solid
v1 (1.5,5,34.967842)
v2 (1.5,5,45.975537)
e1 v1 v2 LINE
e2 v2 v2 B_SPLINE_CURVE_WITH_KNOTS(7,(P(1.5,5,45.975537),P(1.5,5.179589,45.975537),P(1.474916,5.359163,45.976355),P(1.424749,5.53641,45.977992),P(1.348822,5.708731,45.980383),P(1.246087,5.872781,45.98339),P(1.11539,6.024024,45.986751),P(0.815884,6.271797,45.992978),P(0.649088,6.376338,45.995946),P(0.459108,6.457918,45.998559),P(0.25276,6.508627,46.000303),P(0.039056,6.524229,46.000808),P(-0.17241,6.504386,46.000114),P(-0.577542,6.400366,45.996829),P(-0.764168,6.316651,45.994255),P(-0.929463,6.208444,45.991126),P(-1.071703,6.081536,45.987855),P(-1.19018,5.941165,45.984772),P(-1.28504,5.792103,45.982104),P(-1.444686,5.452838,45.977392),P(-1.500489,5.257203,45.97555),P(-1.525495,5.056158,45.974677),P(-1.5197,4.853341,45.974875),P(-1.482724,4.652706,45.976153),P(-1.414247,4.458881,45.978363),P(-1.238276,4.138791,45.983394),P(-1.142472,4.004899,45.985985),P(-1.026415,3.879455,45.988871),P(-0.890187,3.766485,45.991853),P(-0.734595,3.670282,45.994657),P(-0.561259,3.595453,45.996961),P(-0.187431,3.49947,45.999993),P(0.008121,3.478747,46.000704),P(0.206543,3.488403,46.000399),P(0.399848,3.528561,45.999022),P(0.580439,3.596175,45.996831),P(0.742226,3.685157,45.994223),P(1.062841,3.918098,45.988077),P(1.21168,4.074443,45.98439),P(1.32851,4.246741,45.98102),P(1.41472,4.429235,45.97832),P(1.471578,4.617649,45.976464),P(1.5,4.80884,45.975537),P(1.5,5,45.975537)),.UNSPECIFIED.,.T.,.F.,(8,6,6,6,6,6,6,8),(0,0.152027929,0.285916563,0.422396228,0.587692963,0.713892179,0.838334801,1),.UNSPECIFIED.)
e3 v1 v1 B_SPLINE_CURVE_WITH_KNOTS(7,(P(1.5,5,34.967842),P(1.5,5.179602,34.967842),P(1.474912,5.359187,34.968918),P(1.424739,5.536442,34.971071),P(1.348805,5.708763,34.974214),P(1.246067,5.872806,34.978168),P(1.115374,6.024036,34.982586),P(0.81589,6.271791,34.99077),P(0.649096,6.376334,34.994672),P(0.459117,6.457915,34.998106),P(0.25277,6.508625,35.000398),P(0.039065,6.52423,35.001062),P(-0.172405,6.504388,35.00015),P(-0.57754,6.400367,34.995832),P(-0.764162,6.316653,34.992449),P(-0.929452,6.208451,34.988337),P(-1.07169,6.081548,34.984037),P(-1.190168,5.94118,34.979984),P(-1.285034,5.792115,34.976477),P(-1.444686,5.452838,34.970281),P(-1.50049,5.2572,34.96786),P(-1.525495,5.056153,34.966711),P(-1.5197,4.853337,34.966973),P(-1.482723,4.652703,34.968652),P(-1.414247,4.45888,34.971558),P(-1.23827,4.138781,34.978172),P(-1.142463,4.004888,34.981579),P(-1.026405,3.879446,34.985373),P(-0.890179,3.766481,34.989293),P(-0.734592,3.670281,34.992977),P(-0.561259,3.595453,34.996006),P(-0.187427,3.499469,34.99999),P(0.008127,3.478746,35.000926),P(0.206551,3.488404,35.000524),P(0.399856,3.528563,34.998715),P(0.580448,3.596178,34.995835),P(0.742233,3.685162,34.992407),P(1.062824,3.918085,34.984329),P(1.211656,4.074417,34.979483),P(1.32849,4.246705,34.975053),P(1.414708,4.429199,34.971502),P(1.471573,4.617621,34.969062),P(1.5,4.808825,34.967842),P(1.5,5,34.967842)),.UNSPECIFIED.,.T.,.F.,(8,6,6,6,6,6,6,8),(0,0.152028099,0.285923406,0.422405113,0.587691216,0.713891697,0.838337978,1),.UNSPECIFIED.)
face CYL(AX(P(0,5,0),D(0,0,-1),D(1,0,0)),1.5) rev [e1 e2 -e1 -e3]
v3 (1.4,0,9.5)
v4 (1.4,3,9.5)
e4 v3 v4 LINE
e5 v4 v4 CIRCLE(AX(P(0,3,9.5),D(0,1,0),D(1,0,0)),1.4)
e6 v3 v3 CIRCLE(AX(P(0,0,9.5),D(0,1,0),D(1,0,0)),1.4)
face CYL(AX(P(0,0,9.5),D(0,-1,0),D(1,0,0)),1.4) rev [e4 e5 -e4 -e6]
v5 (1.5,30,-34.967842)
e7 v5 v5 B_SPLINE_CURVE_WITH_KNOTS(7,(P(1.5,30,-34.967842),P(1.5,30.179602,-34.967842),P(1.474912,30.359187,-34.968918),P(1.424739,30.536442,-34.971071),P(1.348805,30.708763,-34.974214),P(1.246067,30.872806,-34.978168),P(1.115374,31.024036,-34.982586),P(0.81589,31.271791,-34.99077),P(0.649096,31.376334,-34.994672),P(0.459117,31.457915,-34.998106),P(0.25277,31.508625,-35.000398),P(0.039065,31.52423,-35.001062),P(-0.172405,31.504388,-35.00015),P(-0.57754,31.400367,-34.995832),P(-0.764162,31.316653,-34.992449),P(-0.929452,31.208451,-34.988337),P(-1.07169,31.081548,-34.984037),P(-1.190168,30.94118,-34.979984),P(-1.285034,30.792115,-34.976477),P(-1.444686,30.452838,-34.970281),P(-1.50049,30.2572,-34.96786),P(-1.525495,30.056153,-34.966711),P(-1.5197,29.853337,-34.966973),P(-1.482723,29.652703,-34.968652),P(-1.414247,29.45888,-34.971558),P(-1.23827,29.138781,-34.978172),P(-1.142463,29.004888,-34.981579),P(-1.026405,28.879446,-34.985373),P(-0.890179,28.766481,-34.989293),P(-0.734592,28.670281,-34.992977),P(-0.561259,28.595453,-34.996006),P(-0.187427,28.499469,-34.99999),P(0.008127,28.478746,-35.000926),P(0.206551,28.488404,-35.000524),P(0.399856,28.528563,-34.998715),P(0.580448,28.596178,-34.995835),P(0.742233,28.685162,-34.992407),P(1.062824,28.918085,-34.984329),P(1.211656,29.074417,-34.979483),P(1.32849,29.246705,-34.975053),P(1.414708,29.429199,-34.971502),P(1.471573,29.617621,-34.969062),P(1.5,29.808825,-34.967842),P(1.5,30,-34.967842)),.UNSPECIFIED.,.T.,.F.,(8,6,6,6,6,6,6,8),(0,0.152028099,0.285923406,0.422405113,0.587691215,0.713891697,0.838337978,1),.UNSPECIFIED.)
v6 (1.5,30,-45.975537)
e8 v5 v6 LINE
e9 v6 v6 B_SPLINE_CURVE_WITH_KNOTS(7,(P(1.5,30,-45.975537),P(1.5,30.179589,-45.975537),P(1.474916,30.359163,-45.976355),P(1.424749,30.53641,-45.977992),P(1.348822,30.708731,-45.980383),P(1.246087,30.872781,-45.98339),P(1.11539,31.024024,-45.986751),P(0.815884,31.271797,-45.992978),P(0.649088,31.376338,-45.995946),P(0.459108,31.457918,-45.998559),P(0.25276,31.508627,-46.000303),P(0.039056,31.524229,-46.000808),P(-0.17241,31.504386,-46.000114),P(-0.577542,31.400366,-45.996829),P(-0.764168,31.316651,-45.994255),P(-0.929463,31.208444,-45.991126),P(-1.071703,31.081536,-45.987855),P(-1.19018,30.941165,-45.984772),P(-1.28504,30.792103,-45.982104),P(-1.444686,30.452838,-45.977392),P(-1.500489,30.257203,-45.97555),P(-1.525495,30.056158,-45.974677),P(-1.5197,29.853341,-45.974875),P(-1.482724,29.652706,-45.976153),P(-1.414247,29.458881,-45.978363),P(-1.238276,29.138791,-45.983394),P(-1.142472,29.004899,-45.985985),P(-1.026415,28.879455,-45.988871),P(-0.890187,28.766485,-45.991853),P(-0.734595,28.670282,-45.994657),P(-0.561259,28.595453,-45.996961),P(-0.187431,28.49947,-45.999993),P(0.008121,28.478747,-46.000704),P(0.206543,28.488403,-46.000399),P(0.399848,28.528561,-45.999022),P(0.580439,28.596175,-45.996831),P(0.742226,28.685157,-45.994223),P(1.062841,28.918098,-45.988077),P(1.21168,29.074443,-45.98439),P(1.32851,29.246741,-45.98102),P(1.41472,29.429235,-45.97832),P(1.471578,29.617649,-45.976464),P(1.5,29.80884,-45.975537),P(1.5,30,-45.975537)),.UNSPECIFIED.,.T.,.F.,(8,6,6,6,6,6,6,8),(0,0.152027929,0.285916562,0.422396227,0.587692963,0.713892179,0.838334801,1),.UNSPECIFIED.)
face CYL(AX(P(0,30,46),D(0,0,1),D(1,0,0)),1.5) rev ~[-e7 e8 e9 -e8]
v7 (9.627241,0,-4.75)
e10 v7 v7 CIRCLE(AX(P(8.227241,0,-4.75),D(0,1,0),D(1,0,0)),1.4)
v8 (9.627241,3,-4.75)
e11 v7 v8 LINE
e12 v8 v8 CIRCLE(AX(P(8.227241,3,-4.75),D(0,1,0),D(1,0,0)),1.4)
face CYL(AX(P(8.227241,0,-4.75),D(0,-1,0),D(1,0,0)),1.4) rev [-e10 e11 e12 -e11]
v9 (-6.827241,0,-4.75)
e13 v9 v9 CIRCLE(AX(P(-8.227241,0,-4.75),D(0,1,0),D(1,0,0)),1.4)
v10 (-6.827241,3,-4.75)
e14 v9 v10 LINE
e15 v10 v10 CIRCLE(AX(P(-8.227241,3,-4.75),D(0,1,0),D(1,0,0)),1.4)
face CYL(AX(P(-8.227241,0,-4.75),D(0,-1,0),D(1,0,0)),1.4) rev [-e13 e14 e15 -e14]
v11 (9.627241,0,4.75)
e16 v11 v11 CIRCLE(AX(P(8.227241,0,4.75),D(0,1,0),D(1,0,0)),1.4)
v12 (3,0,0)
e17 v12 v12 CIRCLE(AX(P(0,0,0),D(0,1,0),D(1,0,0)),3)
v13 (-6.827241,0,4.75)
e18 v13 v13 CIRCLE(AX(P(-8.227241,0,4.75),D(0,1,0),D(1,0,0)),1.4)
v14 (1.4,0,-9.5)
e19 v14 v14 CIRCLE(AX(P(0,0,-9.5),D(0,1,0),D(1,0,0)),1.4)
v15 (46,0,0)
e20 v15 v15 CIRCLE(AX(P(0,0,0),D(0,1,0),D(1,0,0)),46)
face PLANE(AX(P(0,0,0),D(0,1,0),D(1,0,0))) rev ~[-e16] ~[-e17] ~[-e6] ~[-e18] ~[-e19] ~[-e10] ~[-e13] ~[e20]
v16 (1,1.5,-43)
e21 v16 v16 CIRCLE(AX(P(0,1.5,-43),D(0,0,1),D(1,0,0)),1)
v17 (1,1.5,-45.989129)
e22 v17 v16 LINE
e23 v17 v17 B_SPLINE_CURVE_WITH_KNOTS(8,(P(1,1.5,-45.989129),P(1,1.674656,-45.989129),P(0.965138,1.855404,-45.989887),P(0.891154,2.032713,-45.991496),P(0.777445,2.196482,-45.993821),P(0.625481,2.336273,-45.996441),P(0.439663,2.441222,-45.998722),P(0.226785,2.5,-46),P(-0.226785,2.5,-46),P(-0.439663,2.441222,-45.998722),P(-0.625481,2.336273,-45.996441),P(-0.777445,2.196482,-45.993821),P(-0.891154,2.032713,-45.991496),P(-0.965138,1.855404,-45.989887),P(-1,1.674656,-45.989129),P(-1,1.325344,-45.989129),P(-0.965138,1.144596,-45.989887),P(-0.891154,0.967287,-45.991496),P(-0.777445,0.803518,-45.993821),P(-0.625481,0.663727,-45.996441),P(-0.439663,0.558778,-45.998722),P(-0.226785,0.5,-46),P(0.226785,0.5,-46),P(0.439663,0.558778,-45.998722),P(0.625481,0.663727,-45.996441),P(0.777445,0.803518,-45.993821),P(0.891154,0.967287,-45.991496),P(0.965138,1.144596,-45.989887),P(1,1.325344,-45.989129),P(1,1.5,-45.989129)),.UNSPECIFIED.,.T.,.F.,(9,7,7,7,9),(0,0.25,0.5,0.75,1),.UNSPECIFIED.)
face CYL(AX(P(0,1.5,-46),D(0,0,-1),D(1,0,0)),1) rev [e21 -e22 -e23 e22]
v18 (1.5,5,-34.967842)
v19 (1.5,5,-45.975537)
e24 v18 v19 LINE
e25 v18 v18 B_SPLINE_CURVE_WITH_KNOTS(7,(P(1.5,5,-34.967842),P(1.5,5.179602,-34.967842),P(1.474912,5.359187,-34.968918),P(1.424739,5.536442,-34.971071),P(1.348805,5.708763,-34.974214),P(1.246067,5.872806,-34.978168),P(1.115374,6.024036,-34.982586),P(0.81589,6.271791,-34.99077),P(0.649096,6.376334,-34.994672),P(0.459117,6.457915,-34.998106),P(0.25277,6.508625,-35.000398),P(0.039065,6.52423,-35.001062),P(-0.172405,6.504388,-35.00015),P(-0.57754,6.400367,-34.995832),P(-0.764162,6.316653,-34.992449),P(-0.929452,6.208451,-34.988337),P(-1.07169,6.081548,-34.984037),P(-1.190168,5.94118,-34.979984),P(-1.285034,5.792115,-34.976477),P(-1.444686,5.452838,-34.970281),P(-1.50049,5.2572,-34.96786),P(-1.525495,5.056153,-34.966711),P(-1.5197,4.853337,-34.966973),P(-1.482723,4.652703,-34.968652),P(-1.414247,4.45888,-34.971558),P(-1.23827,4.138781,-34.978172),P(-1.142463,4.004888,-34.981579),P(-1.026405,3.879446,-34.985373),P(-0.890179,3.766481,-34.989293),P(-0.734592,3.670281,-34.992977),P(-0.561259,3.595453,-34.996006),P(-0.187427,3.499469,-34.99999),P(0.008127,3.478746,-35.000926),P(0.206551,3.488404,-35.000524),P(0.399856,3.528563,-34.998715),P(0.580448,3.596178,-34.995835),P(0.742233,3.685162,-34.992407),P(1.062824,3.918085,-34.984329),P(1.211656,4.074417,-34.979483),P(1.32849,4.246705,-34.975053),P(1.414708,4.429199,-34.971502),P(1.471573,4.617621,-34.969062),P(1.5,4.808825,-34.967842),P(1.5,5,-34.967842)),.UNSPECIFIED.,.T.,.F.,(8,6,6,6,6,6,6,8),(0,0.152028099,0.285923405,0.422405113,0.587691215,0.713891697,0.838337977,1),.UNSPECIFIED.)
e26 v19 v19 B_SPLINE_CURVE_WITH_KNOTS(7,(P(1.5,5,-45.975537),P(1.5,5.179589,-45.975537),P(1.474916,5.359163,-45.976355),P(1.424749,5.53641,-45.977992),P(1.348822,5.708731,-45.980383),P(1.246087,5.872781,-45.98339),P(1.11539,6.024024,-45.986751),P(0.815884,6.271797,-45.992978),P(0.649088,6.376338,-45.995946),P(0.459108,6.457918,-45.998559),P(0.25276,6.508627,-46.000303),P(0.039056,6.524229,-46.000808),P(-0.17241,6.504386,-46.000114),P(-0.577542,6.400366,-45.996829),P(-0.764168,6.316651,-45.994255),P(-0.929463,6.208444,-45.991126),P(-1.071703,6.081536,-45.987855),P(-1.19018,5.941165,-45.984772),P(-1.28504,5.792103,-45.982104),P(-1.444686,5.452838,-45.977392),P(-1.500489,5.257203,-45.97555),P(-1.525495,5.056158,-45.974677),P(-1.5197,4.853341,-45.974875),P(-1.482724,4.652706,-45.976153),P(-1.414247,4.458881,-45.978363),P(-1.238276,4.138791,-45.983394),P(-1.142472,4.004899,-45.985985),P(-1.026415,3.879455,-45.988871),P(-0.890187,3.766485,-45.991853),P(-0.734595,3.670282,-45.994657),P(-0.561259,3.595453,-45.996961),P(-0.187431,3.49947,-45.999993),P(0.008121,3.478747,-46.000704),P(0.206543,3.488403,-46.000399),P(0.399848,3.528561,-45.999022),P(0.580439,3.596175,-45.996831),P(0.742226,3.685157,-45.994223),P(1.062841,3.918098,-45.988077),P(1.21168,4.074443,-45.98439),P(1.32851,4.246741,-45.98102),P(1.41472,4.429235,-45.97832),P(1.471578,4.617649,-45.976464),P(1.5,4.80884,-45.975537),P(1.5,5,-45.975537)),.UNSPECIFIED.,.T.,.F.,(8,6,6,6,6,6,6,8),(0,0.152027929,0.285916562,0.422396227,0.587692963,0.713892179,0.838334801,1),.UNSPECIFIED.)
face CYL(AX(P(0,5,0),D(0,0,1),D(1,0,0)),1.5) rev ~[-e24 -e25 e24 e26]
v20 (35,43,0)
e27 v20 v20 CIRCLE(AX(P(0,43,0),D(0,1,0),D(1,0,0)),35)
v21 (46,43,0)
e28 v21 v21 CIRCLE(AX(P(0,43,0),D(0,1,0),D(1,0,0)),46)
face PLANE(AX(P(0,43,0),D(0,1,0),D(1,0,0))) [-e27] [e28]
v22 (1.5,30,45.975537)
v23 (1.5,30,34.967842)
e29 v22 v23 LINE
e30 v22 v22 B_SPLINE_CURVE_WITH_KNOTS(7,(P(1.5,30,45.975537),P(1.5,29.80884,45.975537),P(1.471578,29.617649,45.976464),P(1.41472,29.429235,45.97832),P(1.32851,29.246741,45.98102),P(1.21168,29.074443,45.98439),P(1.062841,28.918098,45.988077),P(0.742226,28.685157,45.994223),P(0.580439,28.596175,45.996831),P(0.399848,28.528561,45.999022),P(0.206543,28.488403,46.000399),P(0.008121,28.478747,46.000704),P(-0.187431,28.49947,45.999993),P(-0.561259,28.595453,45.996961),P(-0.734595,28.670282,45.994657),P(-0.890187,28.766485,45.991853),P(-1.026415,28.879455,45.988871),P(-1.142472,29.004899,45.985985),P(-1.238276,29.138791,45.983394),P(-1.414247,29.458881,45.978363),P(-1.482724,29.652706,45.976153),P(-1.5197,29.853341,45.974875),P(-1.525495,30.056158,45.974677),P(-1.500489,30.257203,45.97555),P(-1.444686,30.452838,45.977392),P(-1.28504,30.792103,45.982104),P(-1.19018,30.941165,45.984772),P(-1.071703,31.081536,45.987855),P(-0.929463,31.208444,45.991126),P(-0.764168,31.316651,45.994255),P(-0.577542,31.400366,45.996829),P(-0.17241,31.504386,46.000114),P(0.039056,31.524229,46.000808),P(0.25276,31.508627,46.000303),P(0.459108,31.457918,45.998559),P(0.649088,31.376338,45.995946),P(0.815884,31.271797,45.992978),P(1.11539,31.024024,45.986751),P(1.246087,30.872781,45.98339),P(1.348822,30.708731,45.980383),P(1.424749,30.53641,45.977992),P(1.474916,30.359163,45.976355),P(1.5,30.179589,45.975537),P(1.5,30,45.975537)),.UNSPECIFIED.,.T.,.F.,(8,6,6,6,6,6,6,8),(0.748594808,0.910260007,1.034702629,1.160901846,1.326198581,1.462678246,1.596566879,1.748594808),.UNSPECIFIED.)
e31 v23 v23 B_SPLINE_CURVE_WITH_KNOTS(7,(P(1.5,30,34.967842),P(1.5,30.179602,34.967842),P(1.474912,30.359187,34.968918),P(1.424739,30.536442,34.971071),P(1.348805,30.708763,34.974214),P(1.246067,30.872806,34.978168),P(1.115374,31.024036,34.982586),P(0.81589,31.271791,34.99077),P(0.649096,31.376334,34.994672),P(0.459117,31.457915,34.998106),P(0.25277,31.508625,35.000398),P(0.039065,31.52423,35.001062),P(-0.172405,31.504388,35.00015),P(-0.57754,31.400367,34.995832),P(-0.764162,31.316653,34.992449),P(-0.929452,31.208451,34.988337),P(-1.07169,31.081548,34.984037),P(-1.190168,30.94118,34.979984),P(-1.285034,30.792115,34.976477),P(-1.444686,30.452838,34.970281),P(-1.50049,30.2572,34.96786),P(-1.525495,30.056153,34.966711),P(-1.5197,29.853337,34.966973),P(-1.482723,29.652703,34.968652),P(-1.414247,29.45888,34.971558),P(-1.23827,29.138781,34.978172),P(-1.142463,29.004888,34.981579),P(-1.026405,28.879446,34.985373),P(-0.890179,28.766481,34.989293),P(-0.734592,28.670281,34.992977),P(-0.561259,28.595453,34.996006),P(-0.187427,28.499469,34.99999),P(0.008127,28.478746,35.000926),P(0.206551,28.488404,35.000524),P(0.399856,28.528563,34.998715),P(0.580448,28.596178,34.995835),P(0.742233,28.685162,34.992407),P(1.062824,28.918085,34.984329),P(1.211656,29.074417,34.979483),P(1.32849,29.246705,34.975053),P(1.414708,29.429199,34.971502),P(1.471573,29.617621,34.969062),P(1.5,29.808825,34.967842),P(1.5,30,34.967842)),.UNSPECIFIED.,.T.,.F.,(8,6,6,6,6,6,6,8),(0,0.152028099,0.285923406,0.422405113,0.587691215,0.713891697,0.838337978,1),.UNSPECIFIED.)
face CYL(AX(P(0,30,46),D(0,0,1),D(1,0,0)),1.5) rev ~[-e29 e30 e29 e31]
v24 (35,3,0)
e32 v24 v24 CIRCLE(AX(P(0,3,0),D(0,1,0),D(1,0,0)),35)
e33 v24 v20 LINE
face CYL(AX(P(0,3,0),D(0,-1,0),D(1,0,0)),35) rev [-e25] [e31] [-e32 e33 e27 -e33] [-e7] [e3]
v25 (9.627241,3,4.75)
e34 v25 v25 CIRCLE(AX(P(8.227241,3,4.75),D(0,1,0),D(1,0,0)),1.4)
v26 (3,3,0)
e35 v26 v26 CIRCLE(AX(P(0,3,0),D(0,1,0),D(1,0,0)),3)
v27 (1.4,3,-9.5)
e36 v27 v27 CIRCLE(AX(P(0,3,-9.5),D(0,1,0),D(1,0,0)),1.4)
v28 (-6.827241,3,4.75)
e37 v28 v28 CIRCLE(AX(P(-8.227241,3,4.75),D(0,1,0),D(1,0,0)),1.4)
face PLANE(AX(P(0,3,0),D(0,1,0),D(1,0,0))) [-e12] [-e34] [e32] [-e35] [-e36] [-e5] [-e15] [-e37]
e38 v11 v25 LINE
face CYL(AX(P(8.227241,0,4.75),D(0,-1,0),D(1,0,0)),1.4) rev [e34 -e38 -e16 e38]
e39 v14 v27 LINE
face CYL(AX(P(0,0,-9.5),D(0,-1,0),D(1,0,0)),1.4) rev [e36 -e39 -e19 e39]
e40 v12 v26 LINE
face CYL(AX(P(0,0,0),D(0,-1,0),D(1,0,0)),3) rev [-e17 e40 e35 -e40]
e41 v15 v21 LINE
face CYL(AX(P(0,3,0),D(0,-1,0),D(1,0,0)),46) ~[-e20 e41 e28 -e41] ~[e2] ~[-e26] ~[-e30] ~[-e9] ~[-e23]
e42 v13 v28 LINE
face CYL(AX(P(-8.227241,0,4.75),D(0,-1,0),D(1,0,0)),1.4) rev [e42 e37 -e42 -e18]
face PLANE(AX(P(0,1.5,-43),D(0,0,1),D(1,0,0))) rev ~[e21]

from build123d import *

# Parameters (mm, degrees)
SKETCH1_R               = 46
SKETCH1_R_2             = 3
SKETCH1_R_3             = 1.4
BOSS_EXTRUDE1_DEPTH     = 3
SKETCH6_R               = 1
CUT_EXTRUDE2_DEPTH      = 3
SKETCH7_R               = 46
SKETCH7_R_2             = 35
BOSS_EXTRUDE2_DEPTH     = 40
SKETCH8_R               = 1.5
CUT_EXTRUDE3_DEPTH      = 108
SKETCH9_R               = 1.5
CUT_EXTRUDE4_DEPTH      = 47.00000011
CUT_EXTRUDE4_DEPTH_BACK = 47.00000011


with BuildPart() as part:
    # Sketch1 → Boss-Extrude1 (new body)
    with BuildSketch(Plane(origin=(0, 0, 0), x_dir=(1, 0, 0), z_dir=(0, 1, 0))):
        Circle(SKETCH1_R)
        Circle(SKETCH1_R_2, mode=Mode.SUBTRACT)
        with Locations((0, 9.5)):
            Circle(SKETCH1_R_3, mode=Mode.SUBTRACT)
        with Locations((8.227241336, 4.75)):
            Circle(SKETCH1_R_3, mode=Mode.SUBTRACT)
        with Locations((8.227241336, -4.75)):
            Circle(SKETCH1_R_3, mode=Mode.SUBTRACT)
        with Locations((0, -9.5)):
            Circle(SKETCH1_R_3, mode=Mode.SUBTRACT)
        with Locations((-8.227241336, -4.75)):
            Circle(SKETCH1_R_3, mode=Mode.SUBTRACT)
        with Locations((-8.227241336, 4.75)):
            Circle(SKETCH1_R_3, mode=Mode.SUBTRACT)
    extrude(amount=BOSS_EXTRUDE1_DEPTH)

    # Sketch6 → Cut-Extrude2 (cut)
    with BuildSketch(Plane.XY.offset(-46)):
        with Locations((0, 1.5)):
            Circle(SKETCH6_R)
    extrude(amount=CUT_EXTRUDE2_DEPTH, mode=Mode.SUBTRACT)

    # Sketch7 → Boss-Extrude2 (add)
    with BuildSketch(Plane(origin=(0, 3, 0), x_dir=(1, 0, 0), z_dir=(0, 1, 0))):
        Circle(SKETCH7_R)
        Circle(SKETCH7_R_2, mode=Mode.SUBTRACT)
    extrude(amount=BOSS_EXTRUDE2_DEPTH)

    # Sketch8 → Cut-Extrude3 (cut)
    with BuildSketch(Plane.XY.offset(46)):
        with Locations((0, 30)):
            Circle(SKETCH8_R)
    extrude(amount=-CUT_EXTRUDE3_DEPTH, mode=Mode.SUBTRACT)

    # Sketch9 → Cut-Extrude4 (cut, two sides)
    with BuildSketch(Plane.XY) as cut_extrude4_sk:
        with Locations((0, 5)):
            Circle(SKETCH9_R)
    extrude(amount=CUT_EXTRUDE4_DEPTH, mode=Mode.SUBTRACT)
    extrude(cut_extrude4_sk.sketch, amount=-CUT_EXTRUDE4_DEPTH_BACK, mode=Mode.SUBTRACT)


solid = part.part
